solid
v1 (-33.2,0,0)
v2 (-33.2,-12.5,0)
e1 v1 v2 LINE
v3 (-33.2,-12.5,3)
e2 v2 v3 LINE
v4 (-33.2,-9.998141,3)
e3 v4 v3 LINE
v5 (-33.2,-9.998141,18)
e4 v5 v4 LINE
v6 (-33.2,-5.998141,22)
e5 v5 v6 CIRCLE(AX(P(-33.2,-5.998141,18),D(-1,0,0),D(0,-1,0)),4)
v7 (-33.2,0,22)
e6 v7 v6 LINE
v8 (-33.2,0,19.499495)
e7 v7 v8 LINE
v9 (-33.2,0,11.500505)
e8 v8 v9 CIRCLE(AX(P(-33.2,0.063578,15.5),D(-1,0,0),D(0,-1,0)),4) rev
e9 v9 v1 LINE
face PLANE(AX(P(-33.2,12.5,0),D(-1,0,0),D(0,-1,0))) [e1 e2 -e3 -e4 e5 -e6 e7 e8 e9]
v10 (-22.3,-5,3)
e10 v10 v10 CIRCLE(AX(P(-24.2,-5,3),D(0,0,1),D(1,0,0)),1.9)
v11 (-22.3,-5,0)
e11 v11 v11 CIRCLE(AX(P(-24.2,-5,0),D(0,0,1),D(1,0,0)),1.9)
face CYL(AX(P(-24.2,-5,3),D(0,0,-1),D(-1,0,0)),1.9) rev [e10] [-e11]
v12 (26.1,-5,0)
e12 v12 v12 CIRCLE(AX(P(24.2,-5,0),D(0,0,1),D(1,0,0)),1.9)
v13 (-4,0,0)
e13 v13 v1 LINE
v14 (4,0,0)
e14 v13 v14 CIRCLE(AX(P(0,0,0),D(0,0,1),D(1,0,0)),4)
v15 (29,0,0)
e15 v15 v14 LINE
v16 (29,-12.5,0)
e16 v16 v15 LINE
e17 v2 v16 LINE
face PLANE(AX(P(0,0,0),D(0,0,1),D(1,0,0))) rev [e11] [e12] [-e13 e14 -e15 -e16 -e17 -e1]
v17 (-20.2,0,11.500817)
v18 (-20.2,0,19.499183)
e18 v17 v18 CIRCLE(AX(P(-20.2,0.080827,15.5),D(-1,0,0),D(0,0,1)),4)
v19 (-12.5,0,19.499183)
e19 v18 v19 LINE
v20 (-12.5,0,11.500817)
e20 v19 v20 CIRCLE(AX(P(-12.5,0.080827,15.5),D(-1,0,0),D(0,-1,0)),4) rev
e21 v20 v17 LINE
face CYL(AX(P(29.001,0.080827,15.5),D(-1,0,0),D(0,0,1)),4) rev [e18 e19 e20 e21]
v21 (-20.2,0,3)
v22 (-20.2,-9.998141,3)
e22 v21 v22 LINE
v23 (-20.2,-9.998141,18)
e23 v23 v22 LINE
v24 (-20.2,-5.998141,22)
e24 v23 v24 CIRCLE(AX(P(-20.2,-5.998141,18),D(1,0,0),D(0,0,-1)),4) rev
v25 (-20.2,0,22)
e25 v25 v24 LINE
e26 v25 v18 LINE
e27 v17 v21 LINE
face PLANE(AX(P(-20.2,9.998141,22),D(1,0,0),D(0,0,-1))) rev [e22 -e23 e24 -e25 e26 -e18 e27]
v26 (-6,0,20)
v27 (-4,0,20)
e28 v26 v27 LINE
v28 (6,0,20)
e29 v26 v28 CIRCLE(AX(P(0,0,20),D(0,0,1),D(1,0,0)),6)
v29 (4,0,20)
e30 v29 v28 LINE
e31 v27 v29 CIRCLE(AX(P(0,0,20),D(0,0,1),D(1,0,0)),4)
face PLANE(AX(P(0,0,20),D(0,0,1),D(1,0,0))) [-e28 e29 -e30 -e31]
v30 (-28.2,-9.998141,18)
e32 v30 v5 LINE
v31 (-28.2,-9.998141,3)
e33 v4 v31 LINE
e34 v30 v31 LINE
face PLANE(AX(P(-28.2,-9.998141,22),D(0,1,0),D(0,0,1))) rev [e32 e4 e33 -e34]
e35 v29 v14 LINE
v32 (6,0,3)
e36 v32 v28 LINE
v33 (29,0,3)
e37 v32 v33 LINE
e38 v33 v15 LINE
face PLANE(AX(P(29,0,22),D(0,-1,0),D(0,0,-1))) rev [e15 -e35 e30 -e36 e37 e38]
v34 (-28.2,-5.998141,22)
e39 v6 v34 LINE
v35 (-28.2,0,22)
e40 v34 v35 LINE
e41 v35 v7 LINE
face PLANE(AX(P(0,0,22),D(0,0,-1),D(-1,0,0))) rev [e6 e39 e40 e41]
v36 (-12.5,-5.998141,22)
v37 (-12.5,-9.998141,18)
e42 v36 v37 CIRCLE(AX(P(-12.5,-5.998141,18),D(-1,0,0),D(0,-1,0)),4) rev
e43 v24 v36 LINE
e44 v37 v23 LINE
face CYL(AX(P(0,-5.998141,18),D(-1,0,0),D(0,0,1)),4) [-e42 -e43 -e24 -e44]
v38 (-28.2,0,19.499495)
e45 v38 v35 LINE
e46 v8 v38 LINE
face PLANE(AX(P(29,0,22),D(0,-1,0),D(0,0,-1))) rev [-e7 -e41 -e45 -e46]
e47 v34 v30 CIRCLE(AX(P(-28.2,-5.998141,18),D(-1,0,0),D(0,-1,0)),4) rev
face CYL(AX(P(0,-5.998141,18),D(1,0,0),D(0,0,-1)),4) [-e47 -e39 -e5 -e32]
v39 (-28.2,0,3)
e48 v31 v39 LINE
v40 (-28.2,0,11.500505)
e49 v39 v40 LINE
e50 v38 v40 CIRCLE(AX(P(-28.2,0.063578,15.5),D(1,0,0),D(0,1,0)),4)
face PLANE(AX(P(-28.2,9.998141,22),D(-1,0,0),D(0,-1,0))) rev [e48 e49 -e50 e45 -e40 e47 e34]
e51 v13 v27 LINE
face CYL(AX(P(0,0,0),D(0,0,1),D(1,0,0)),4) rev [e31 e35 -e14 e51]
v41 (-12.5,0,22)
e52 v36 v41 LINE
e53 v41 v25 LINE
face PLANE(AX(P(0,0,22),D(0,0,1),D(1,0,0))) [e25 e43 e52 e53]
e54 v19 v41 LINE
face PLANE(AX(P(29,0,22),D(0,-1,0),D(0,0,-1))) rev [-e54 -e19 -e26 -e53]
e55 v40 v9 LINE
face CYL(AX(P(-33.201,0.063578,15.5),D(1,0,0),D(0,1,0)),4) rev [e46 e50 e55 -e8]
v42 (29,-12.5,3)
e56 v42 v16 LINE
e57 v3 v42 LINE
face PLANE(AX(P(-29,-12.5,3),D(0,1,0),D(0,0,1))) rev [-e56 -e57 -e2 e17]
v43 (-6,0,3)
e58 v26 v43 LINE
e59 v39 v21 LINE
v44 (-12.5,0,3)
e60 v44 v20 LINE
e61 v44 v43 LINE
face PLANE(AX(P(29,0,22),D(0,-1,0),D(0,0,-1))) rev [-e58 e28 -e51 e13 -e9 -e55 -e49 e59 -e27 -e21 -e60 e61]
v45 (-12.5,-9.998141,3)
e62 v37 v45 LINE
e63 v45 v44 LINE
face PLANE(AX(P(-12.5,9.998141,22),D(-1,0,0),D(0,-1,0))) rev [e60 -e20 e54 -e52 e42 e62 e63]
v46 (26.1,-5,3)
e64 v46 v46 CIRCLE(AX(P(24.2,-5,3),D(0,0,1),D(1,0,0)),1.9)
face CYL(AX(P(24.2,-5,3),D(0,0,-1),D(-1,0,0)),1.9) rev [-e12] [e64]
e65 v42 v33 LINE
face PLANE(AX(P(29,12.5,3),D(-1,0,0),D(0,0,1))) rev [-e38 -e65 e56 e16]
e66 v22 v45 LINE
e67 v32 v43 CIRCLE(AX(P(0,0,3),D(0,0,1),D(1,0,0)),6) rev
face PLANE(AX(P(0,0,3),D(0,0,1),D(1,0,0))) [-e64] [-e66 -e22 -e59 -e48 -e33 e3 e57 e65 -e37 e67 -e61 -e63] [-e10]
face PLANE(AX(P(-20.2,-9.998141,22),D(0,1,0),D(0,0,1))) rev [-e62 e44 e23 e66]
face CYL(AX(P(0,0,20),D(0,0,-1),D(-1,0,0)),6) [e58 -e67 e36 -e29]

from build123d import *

# Parameters (mm, degrees)
SKETCH1_W           = 58
SKETCH1_H           = 25
SKETCH1_R           = 1.9
BOSS_EXTRUDE1_DEPTH = 3
SKETCH2_R           = 6
BOSS_EXTRUDE2_DEPTH = 20
SKETCH3_R           = 4
CUT_EXTRUDE1_DEPTH  = 38.379807383
SKETCH4_W           = 7.7
SKETCH4_H           = 19.996282454
BOSS_EXTRUDE3_DEPTH = 19
CUT_EXTRUDE2_REACH  = 57.325
SKETCH5_R           = 4
FILLET1_R           = 4
SKETCH7_W           = 4.2
SKETCH7_H           = 25
BOSS_EXTRUDE4_DEPTH = 3
SKETCH8_W           = 5
SKETCH8_H           = 19.996282454
BOSS_EXTRUDE5_DEPTH = 19
CUT_EXTRUDE3_REACH  = 64.547
SKETCH9_R           = 4
FILLET2_R           = 4
SKETCH10_W          = 62.2
SKETCH10_H          = 12.5
CUT_EXTRUDE4_DEPTH  = 42.74314315


with BuildPart() as part:
    # Sketch1 → Boss-Extrude1 (new body)
    with BuildSketch(Plane.XY):
        Rectangle(SKETCH1_W, SKETCH1_H)
        with Locations((24.2, 5)):
            Circle(SKETCH1_R, mode=Mode.SUBTRACT)
        with Locations((24.2, -5)):
            Circle(SKETCH1_R, mode=Mode.SUBTRACT)
        with Locations((-24.2, 5)):
            Circle(SKETCH1_R, mode=Mode.SUBTRACT)
        with Locations((-24.2, -5)):
            Circle(SKETCH1_R, mode=Mode.SUBTRACT)
    extrude(amount=BOSS_EXTRUDE1_DEPTH)

    # Sketch2 → Boss-Extrude2 (add)
    with BuildSketch(Plane.XY):
        Circle(SKETCH2_R)
    extrude(amount=BOSS_EXTRUDE2_DEPTH)

    # Sketch3 → Cut-Extrude1 (cut, through all)
    with BuildSketch(Plane.XY.offset(20)):
        Circle(SKETCH3_R)
    extrude(amount=-CUT_EXTRUDE1_DEPTH, mode=Mode.SUBTRACT)

    # Sketch4 → Boss-Extrude3 (add)
    with BuildSketch(Plane.XY.offset(3)):
        with Locations((-16.35, 0)):
            Rectangle(SKETCH4_W, SKETCH4_H)
    extrude(amount=BOSS_EXTRUDE3_DEPTH)

    # Sketch5 → Cut-Extrude2 (cut, up to next)
    with BuildSketch(Plane.ZY.offset(20.2), mode=Mode.PRIVATE) as cut_extrude2_sk1:
        with Locations((15.5, 0.080826905)):
            Circle(SKETCH5_R)
    cut_extrude2_tool1 = extrude(cut_extrude2_sk1.sketch, amount=-CUT_EXTRUDE2_REACH, mode=Mode.PRIVATE) & part.part
    add(cut_extrude2_tool1.solids().sort_by_distance((-20.2, 0.080827, 15.5))[0], mode=Mode.SUBTRACT)

    # Fillet1
    fillet1_edges = [part.edges().sort_by_distance(p)[0] for p in [
        (-16.35, 9.998141227, 22),
        (-16.35, -9.998141227, 22),
    ]]
    fillet(fillet1_edges, radius=FILLET1_R)

    # Sketch7 → Boss-Extrude4 (add)
    with BuildSketch(Plane.XY.offset(3)):
        with Locations((-31.1, 0)):
            Rectangle(SKETCH7_W, SKETCH7_H)
    extrude(amount=-BOSS_EXTRUDE4_DEPTH)

    # Sketch8 → Boss-Extrude5 (add)
    with BuildSketch(Plane.XY.offset(3)):
        with Locations((-30.7, 0)):
            Rectangle(SKETCH8_W, SKETCH8_H)
    extrude(amount=BOSS_EXTRUDE5_DEPTH)

    # Sketch9 → Cut-Extrude3 (cut, up to next)
    with BuildSketch(Plane(origin=(-28.2, 0, 0), x_dir=(0, 0, -1), z_dir=(1, 0, 0)), mode=Mode.PRIVATE) as cut_extrude3_sk1:
        with Locations(Location((-15.5, 0.063578072, 0), (0, 0, 90))):
            Circle(SKETCH9_R)
    cut_extrude3_tool1 = extrude(cut_extrude3_sk1.sketch, amount=-CUT_EXTRUDE3_REACH, mode=Mode.PRIVATE) & part.part
    add(cut_extrude3_tool1.solids().sort_by_distance((-28.2, 0.063578, 15.5))[0], mode=Mode.SUBTRACT)

    # Fillet2
    fillet2_edges = [part.edges().sort_by_distance(p)[0] for p in [
        (-30.7, 9.998141227, 22),
        (-30.7, -9.998141227, 22),
    ]]
    fillet(fillet2_edges, radius=FILLET2_R)

    # Sketch10 → Cut-Extrude4 (cut, through all)
    with BuildSketch(Plane(origin=(0, 0, 0), x_dir=(-1, 0, 0), z_dir=(0, 0, -1))):
        with Locations((2.1, 6.25)):
            Rectangle(SKETCH10_W, SKETCH10_H)
    extrude(amount=-CUT_EXTRUDE4_DEPTH, mode=Mode.SUBTRACT)


solid = part.part
